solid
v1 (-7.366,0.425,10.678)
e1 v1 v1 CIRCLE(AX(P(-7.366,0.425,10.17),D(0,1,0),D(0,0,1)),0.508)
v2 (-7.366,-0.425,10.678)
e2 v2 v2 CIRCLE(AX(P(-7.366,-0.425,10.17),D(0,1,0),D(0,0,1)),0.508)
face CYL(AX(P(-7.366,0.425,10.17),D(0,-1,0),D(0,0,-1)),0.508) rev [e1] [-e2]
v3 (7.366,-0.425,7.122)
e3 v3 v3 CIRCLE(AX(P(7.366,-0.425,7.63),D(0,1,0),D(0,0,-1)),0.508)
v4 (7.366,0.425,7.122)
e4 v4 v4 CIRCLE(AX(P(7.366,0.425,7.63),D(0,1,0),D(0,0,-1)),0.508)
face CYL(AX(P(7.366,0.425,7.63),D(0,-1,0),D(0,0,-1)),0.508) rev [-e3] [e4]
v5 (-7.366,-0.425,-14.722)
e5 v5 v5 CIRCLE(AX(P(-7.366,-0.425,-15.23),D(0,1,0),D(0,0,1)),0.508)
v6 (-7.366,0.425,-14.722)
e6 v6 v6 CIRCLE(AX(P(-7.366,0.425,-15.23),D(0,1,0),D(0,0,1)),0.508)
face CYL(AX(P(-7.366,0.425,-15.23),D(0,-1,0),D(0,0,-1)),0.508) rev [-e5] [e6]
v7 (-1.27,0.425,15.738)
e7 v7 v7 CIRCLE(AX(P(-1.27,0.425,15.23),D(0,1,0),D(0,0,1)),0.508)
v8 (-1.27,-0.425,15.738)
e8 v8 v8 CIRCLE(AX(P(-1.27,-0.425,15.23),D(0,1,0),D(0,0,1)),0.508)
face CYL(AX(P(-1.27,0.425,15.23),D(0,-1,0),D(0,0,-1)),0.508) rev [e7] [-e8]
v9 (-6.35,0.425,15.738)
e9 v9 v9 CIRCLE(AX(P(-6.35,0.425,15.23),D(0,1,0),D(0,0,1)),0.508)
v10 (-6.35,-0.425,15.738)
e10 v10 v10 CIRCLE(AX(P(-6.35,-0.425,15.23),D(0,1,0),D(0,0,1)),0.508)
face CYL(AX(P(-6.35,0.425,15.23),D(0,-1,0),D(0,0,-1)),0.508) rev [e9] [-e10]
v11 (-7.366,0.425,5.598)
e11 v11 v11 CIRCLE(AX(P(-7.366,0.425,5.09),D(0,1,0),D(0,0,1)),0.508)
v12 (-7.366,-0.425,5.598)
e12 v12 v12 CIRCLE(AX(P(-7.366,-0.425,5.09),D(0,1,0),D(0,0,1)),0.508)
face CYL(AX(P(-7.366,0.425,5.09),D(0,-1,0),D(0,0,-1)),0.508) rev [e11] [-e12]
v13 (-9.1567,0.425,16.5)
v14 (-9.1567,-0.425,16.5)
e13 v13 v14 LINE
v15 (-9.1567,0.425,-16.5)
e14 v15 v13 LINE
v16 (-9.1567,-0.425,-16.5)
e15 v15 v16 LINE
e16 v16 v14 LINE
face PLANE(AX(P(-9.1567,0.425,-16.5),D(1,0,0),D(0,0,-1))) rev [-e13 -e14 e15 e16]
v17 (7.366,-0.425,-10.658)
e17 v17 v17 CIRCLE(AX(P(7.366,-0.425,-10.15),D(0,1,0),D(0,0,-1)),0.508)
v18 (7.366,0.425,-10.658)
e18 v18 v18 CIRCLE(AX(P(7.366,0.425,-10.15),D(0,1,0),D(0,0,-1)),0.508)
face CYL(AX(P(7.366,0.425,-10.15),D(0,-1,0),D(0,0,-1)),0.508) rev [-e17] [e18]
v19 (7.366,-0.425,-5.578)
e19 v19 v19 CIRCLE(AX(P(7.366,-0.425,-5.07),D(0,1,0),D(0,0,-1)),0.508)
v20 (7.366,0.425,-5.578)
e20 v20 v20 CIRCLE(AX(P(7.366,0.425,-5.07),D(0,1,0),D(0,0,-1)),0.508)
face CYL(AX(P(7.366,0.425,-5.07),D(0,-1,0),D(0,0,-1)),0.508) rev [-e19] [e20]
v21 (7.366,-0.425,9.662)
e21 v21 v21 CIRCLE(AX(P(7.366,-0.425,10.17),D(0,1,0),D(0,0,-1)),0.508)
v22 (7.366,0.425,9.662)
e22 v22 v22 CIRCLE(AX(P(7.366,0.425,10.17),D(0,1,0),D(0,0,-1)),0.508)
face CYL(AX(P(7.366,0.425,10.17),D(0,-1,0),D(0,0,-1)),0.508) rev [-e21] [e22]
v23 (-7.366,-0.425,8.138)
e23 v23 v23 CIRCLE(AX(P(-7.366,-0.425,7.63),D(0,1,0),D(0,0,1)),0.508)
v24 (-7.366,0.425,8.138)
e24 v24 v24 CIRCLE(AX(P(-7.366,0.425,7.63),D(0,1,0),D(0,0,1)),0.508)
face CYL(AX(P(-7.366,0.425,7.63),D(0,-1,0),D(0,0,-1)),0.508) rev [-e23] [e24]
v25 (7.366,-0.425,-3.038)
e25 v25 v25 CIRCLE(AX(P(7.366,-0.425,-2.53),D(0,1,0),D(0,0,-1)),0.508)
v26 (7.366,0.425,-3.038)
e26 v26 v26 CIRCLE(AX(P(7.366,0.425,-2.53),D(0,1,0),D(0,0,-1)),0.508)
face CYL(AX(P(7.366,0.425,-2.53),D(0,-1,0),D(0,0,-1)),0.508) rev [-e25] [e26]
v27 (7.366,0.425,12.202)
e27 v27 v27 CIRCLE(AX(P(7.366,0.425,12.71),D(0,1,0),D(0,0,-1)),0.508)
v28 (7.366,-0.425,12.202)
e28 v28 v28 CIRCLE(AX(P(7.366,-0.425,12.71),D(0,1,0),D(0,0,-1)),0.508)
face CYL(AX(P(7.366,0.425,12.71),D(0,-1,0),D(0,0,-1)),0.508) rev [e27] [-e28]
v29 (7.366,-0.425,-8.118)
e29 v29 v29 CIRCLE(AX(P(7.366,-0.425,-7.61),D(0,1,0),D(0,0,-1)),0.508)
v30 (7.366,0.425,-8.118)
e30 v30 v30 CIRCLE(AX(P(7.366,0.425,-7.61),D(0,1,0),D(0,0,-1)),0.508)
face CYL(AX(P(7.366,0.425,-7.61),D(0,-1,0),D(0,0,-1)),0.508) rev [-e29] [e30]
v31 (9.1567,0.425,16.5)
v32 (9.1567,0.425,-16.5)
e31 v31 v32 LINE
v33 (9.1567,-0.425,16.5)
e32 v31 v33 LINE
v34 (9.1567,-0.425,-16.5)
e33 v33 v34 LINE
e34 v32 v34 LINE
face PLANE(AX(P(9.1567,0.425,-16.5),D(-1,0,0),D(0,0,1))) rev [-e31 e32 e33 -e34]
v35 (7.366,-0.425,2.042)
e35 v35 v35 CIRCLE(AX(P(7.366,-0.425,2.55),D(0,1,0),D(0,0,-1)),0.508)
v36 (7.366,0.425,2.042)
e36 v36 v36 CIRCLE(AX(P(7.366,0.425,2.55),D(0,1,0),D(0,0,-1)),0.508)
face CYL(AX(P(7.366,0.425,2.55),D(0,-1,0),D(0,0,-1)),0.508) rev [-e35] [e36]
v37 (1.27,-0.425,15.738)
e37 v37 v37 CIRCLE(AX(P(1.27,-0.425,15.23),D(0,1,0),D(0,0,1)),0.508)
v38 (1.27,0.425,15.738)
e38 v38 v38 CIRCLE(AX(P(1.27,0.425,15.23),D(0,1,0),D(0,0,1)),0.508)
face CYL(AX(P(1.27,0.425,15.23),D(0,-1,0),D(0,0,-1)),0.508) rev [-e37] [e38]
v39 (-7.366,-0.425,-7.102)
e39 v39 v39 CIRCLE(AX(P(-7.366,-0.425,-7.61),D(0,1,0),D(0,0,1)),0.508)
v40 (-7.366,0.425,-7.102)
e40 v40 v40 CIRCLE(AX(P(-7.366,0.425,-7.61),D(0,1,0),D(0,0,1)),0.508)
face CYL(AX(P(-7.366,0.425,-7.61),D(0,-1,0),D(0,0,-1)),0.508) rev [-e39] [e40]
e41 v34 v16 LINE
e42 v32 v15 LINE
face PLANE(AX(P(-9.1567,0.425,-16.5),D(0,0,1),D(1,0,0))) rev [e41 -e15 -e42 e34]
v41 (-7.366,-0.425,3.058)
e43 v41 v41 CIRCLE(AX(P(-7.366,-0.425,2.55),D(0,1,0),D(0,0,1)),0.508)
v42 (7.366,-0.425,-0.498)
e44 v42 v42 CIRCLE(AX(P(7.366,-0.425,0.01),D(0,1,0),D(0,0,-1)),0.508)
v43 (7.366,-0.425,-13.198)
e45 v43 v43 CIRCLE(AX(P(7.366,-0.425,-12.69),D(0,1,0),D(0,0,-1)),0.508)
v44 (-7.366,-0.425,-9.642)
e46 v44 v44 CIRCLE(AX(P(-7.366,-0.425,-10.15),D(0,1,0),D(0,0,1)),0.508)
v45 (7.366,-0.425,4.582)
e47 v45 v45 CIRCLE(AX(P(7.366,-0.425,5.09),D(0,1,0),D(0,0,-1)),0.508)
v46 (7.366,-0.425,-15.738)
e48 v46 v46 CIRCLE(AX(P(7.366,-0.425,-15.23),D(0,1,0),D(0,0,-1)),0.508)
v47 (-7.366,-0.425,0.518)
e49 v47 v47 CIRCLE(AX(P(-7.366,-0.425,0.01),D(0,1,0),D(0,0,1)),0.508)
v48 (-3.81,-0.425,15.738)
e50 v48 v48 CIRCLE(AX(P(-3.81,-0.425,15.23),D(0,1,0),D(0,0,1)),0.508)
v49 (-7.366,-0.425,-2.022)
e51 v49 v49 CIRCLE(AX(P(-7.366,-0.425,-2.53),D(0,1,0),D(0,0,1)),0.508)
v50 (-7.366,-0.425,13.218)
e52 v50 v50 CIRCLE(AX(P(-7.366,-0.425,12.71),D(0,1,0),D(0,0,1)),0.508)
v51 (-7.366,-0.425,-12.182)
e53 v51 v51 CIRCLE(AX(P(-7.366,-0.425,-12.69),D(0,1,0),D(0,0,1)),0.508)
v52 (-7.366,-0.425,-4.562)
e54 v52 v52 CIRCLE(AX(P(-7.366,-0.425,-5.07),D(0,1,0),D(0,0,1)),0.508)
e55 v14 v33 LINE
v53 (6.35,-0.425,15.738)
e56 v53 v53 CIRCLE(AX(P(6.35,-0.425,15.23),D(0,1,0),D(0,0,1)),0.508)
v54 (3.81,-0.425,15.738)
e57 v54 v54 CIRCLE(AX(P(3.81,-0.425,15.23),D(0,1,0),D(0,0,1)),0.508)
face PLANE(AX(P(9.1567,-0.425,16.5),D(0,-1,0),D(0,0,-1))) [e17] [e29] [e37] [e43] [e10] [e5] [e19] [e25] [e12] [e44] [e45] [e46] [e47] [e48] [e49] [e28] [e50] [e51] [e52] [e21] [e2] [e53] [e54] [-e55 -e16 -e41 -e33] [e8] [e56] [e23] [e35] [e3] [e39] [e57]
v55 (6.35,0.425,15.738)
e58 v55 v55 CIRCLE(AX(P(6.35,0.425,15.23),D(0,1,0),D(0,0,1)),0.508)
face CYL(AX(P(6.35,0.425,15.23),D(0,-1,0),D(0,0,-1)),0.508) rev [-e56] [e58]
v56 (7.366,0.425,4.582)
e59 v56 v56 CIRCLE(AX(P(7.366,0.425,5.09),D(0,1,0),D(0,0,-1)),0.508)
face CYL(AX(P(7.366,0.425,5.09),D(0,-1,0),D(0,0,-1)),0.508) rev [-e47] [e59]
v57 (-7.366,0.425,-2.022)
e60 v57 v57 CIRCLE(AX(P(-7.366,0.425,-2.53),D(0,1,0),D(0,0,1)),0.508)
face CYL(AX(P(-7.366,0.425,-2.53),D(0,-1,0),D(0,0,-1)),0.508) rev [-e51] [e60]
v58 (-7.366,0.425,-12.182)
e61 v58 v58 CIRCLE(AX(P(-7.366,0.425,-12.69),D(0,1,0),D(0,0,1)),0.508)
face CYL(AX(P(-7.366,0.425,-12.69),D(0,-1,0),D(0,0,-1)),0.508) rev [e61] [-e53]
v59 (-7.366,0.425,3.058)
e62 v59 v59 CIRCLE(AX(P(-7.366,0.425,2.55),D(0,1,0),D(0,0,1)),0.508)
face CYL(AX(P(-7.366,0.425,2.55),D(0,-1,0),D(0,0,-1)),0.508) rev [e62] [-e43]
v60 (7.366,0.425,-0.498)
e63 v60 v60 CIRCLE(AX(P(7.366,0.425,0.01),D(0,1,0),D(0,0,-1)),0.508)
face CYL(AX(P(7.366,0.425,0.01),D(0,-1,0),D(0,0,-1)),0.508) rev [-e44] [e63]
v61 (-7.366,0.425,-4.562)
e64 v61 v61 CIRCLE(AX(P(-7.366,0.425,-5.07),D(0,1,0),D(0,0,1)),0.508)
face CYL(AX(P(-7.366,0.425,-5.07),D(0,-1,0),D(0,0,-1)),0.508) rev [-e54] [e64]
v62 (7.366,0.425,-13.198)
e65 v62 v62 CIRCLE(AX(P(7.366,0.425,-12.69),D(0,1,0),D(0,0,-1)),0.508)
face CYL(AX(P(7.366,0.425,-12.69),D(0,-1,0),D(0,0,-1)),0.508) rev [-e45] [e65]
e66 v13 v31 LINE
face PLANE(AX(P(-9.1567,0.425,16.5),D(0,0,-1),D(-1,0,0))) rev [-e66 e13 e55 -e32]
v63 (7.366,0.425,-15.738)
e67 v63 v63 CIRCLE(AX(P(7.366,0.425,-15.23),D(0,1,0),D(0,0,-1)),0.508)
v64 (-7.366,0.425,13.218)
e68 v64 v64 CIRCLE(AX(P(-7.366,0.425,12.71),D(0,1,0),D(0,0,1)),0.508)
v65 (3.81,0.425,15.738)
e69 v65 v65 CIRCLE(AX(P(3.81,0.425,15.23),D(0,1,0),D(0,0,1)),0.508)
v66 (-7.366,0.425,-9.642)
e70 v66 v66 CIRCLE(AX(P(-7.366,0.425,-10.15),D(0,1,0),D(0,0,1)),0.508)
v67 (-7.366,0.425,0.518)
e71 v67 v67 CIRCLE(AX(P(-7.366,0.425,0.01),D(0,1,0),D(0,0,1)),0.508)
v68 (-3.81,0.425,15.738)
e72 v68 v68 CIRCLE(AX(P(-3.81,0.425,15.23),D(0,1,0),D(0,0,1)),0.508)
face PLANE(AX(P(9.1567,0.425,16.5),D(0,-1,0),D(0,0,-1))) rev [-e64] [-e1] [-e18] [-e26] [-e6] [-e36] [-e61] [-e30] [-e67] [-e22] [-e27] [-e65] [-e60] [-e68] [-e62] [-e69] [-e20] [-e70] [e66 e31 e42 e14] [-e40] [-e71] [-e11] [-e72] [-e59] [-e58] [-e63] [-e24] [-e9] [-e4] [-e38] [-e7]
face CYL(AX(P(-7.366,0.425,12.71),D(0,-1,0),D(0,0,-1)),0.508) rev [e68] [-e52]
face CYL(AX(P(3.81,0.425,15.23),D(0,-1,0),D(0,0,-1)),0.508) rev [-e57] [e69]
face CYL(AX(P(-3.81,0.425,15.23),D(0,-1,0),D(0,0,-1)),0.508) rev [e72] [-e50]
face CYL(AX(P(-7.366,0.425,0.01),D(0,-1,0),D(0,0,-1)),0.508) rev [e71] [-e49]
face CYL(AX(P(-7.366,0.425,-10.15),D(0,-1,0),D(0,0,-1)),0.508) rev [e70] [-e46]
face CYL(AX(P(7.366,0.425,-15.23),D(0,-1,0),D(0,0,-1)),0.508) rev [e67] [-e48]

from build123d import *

# Parameters (mm, degrees)
SKETCH1_W           = 18.3134
SKETCH1_H           = 33
SKETCH1_R           = 0.508
BOSS_EXTRUDE1_DEPTH = 0.425


with BuildPart() as part:
    # Sketch1 → Boss-Extrude1 (new body, symmetric)
    with BuildSketch(Plane(origin=(0, 0, 0), x_dir=(1, 0, 0), z_dir=(0, 1, 0))):
        Rectangle(SKETCH1_W, SKETCH1_H)
        with Locations((-6.35, -15.23)):
            Circle(SKETCH1_R, mode=Mode.SUBTRACT)
        with Locations((-3.81, -15.23)):
            Circle(SKETCH1_R, mode=Mode.SUBTRACT)
        with Locations((-1.27, -15.23)):
            Circle(SKETCH1_R, mode=Mode.SUBTRACT)
        with Locations((1.27, -15.23)):
            Circle(SKETCH1_R, mode=Mode.SUBTRACT)
        with Locations((3.81, -15.23)):
            Circle(SKETCH1_R, mode=Mode.SUBTRACT)
        with Locations((6.35, -15.23)):
            Circle(SKETCH1_R, mode=Mode.SUBTRACT)
        with Locations((-7.366, 15.23)):
            Circle(SKETCH1_R, mode=Mode.SUBTRACT)
        with Locations((-7.366, 12.69)):
            Circle(SKETCH1_R, mode=Mode.SUBTRACT)
        with Locations((-7.366, 10.15)):
            Circle(SKETCH1_R, mode=Mode.SUBTRACT)
        with Locations((-7.366, 7.61)):
            Circle(SKETCH1_R, mode=Mode.SUBTRACT)
        with Locations((-7.366, 5.07)):
            Circle(SKETCH1_R, mode=Mode.SUBTRACT)
        with Locations((-7.366, 2.53)):
            Circle(SKETCH1_R, mode=Mode.SUBTRACT)
        with Locations((-7.366, -0.01)):
            Circle(SKETCH1_R, mode=Mode.SUBTRACT)
        with Locations((-7.366, -2.55)):
            Circle(SKETCH1_R, mode=Mode.SUBTRACT)
        with Locations((-7.366, -5.09)):
            Circle(SKETCH1_R, mode=Mode.SUBTRACT)
        with Locations((-7.366, -7.63)):
            Circle(SKETCH1_R, mode=Mode.SUBTRACT)
        with Locations((-7.366, -10.17)):
            Circle(SKETCH1_R, mode=Mode.SUBTRACT)
        with Locations((-7.366, -12.71)):
            Circle(SKETCH1_R, mode=Mode.SUBTRACT)
        with Locations((7.366, -12.71)):
            Circle(SKETCH1_R, mode=Mode.SUBTRACT)
        with Locations((7.366, -10.17)):
            Circle(SKETCH1_R, mode=Mode.SUBTRACT)
        with Locations((7.366, -7.63)):
            Circle(SKETCH1_R, mode=Mode.SUBTRACT)
        with Locations((7.366, -5.09)):
            Circle(SKETCH1_R, mode=Mode.SUBTRACT)
        with Locations((7.366, -2.55)):
            Circle(SKETCH1_R, mode=Mode.SUBTRACT)
        with Locations((7.366, -0.01)):
            Circle(SKETCH1_R, mode=Mode.SUBTRACT)
        with Locations((7.366, 2.53)):
            Circle(SKETCH1_R, mode=Mode.SUBTRACT)
        with Locations((7.366, 5.07)):
            Circle(SKETCH1_R, mode=Mode.SUBTRACT)
        with Locations((7.366, 7.61)):
            Circle(SKETCH1_R, mode=Mode.SUBTRACT)
        with Locations((7.366, 10.15)):
            Circle(SKETCH1_R, mode=Mode.SUBTRACT)
        with Locations((7.366, 12.69)):
            Circle(SKETCH1_R, mode=Mode.SUBTRACT)
        with Locations((7.366, 15.23)):
            Circle(SKETCH1_R, mode=Mode.SUBTRACT)
    extrude(amount=BOSS_EXTRUDE1_DEPTH, both=True)


solid = part.part
